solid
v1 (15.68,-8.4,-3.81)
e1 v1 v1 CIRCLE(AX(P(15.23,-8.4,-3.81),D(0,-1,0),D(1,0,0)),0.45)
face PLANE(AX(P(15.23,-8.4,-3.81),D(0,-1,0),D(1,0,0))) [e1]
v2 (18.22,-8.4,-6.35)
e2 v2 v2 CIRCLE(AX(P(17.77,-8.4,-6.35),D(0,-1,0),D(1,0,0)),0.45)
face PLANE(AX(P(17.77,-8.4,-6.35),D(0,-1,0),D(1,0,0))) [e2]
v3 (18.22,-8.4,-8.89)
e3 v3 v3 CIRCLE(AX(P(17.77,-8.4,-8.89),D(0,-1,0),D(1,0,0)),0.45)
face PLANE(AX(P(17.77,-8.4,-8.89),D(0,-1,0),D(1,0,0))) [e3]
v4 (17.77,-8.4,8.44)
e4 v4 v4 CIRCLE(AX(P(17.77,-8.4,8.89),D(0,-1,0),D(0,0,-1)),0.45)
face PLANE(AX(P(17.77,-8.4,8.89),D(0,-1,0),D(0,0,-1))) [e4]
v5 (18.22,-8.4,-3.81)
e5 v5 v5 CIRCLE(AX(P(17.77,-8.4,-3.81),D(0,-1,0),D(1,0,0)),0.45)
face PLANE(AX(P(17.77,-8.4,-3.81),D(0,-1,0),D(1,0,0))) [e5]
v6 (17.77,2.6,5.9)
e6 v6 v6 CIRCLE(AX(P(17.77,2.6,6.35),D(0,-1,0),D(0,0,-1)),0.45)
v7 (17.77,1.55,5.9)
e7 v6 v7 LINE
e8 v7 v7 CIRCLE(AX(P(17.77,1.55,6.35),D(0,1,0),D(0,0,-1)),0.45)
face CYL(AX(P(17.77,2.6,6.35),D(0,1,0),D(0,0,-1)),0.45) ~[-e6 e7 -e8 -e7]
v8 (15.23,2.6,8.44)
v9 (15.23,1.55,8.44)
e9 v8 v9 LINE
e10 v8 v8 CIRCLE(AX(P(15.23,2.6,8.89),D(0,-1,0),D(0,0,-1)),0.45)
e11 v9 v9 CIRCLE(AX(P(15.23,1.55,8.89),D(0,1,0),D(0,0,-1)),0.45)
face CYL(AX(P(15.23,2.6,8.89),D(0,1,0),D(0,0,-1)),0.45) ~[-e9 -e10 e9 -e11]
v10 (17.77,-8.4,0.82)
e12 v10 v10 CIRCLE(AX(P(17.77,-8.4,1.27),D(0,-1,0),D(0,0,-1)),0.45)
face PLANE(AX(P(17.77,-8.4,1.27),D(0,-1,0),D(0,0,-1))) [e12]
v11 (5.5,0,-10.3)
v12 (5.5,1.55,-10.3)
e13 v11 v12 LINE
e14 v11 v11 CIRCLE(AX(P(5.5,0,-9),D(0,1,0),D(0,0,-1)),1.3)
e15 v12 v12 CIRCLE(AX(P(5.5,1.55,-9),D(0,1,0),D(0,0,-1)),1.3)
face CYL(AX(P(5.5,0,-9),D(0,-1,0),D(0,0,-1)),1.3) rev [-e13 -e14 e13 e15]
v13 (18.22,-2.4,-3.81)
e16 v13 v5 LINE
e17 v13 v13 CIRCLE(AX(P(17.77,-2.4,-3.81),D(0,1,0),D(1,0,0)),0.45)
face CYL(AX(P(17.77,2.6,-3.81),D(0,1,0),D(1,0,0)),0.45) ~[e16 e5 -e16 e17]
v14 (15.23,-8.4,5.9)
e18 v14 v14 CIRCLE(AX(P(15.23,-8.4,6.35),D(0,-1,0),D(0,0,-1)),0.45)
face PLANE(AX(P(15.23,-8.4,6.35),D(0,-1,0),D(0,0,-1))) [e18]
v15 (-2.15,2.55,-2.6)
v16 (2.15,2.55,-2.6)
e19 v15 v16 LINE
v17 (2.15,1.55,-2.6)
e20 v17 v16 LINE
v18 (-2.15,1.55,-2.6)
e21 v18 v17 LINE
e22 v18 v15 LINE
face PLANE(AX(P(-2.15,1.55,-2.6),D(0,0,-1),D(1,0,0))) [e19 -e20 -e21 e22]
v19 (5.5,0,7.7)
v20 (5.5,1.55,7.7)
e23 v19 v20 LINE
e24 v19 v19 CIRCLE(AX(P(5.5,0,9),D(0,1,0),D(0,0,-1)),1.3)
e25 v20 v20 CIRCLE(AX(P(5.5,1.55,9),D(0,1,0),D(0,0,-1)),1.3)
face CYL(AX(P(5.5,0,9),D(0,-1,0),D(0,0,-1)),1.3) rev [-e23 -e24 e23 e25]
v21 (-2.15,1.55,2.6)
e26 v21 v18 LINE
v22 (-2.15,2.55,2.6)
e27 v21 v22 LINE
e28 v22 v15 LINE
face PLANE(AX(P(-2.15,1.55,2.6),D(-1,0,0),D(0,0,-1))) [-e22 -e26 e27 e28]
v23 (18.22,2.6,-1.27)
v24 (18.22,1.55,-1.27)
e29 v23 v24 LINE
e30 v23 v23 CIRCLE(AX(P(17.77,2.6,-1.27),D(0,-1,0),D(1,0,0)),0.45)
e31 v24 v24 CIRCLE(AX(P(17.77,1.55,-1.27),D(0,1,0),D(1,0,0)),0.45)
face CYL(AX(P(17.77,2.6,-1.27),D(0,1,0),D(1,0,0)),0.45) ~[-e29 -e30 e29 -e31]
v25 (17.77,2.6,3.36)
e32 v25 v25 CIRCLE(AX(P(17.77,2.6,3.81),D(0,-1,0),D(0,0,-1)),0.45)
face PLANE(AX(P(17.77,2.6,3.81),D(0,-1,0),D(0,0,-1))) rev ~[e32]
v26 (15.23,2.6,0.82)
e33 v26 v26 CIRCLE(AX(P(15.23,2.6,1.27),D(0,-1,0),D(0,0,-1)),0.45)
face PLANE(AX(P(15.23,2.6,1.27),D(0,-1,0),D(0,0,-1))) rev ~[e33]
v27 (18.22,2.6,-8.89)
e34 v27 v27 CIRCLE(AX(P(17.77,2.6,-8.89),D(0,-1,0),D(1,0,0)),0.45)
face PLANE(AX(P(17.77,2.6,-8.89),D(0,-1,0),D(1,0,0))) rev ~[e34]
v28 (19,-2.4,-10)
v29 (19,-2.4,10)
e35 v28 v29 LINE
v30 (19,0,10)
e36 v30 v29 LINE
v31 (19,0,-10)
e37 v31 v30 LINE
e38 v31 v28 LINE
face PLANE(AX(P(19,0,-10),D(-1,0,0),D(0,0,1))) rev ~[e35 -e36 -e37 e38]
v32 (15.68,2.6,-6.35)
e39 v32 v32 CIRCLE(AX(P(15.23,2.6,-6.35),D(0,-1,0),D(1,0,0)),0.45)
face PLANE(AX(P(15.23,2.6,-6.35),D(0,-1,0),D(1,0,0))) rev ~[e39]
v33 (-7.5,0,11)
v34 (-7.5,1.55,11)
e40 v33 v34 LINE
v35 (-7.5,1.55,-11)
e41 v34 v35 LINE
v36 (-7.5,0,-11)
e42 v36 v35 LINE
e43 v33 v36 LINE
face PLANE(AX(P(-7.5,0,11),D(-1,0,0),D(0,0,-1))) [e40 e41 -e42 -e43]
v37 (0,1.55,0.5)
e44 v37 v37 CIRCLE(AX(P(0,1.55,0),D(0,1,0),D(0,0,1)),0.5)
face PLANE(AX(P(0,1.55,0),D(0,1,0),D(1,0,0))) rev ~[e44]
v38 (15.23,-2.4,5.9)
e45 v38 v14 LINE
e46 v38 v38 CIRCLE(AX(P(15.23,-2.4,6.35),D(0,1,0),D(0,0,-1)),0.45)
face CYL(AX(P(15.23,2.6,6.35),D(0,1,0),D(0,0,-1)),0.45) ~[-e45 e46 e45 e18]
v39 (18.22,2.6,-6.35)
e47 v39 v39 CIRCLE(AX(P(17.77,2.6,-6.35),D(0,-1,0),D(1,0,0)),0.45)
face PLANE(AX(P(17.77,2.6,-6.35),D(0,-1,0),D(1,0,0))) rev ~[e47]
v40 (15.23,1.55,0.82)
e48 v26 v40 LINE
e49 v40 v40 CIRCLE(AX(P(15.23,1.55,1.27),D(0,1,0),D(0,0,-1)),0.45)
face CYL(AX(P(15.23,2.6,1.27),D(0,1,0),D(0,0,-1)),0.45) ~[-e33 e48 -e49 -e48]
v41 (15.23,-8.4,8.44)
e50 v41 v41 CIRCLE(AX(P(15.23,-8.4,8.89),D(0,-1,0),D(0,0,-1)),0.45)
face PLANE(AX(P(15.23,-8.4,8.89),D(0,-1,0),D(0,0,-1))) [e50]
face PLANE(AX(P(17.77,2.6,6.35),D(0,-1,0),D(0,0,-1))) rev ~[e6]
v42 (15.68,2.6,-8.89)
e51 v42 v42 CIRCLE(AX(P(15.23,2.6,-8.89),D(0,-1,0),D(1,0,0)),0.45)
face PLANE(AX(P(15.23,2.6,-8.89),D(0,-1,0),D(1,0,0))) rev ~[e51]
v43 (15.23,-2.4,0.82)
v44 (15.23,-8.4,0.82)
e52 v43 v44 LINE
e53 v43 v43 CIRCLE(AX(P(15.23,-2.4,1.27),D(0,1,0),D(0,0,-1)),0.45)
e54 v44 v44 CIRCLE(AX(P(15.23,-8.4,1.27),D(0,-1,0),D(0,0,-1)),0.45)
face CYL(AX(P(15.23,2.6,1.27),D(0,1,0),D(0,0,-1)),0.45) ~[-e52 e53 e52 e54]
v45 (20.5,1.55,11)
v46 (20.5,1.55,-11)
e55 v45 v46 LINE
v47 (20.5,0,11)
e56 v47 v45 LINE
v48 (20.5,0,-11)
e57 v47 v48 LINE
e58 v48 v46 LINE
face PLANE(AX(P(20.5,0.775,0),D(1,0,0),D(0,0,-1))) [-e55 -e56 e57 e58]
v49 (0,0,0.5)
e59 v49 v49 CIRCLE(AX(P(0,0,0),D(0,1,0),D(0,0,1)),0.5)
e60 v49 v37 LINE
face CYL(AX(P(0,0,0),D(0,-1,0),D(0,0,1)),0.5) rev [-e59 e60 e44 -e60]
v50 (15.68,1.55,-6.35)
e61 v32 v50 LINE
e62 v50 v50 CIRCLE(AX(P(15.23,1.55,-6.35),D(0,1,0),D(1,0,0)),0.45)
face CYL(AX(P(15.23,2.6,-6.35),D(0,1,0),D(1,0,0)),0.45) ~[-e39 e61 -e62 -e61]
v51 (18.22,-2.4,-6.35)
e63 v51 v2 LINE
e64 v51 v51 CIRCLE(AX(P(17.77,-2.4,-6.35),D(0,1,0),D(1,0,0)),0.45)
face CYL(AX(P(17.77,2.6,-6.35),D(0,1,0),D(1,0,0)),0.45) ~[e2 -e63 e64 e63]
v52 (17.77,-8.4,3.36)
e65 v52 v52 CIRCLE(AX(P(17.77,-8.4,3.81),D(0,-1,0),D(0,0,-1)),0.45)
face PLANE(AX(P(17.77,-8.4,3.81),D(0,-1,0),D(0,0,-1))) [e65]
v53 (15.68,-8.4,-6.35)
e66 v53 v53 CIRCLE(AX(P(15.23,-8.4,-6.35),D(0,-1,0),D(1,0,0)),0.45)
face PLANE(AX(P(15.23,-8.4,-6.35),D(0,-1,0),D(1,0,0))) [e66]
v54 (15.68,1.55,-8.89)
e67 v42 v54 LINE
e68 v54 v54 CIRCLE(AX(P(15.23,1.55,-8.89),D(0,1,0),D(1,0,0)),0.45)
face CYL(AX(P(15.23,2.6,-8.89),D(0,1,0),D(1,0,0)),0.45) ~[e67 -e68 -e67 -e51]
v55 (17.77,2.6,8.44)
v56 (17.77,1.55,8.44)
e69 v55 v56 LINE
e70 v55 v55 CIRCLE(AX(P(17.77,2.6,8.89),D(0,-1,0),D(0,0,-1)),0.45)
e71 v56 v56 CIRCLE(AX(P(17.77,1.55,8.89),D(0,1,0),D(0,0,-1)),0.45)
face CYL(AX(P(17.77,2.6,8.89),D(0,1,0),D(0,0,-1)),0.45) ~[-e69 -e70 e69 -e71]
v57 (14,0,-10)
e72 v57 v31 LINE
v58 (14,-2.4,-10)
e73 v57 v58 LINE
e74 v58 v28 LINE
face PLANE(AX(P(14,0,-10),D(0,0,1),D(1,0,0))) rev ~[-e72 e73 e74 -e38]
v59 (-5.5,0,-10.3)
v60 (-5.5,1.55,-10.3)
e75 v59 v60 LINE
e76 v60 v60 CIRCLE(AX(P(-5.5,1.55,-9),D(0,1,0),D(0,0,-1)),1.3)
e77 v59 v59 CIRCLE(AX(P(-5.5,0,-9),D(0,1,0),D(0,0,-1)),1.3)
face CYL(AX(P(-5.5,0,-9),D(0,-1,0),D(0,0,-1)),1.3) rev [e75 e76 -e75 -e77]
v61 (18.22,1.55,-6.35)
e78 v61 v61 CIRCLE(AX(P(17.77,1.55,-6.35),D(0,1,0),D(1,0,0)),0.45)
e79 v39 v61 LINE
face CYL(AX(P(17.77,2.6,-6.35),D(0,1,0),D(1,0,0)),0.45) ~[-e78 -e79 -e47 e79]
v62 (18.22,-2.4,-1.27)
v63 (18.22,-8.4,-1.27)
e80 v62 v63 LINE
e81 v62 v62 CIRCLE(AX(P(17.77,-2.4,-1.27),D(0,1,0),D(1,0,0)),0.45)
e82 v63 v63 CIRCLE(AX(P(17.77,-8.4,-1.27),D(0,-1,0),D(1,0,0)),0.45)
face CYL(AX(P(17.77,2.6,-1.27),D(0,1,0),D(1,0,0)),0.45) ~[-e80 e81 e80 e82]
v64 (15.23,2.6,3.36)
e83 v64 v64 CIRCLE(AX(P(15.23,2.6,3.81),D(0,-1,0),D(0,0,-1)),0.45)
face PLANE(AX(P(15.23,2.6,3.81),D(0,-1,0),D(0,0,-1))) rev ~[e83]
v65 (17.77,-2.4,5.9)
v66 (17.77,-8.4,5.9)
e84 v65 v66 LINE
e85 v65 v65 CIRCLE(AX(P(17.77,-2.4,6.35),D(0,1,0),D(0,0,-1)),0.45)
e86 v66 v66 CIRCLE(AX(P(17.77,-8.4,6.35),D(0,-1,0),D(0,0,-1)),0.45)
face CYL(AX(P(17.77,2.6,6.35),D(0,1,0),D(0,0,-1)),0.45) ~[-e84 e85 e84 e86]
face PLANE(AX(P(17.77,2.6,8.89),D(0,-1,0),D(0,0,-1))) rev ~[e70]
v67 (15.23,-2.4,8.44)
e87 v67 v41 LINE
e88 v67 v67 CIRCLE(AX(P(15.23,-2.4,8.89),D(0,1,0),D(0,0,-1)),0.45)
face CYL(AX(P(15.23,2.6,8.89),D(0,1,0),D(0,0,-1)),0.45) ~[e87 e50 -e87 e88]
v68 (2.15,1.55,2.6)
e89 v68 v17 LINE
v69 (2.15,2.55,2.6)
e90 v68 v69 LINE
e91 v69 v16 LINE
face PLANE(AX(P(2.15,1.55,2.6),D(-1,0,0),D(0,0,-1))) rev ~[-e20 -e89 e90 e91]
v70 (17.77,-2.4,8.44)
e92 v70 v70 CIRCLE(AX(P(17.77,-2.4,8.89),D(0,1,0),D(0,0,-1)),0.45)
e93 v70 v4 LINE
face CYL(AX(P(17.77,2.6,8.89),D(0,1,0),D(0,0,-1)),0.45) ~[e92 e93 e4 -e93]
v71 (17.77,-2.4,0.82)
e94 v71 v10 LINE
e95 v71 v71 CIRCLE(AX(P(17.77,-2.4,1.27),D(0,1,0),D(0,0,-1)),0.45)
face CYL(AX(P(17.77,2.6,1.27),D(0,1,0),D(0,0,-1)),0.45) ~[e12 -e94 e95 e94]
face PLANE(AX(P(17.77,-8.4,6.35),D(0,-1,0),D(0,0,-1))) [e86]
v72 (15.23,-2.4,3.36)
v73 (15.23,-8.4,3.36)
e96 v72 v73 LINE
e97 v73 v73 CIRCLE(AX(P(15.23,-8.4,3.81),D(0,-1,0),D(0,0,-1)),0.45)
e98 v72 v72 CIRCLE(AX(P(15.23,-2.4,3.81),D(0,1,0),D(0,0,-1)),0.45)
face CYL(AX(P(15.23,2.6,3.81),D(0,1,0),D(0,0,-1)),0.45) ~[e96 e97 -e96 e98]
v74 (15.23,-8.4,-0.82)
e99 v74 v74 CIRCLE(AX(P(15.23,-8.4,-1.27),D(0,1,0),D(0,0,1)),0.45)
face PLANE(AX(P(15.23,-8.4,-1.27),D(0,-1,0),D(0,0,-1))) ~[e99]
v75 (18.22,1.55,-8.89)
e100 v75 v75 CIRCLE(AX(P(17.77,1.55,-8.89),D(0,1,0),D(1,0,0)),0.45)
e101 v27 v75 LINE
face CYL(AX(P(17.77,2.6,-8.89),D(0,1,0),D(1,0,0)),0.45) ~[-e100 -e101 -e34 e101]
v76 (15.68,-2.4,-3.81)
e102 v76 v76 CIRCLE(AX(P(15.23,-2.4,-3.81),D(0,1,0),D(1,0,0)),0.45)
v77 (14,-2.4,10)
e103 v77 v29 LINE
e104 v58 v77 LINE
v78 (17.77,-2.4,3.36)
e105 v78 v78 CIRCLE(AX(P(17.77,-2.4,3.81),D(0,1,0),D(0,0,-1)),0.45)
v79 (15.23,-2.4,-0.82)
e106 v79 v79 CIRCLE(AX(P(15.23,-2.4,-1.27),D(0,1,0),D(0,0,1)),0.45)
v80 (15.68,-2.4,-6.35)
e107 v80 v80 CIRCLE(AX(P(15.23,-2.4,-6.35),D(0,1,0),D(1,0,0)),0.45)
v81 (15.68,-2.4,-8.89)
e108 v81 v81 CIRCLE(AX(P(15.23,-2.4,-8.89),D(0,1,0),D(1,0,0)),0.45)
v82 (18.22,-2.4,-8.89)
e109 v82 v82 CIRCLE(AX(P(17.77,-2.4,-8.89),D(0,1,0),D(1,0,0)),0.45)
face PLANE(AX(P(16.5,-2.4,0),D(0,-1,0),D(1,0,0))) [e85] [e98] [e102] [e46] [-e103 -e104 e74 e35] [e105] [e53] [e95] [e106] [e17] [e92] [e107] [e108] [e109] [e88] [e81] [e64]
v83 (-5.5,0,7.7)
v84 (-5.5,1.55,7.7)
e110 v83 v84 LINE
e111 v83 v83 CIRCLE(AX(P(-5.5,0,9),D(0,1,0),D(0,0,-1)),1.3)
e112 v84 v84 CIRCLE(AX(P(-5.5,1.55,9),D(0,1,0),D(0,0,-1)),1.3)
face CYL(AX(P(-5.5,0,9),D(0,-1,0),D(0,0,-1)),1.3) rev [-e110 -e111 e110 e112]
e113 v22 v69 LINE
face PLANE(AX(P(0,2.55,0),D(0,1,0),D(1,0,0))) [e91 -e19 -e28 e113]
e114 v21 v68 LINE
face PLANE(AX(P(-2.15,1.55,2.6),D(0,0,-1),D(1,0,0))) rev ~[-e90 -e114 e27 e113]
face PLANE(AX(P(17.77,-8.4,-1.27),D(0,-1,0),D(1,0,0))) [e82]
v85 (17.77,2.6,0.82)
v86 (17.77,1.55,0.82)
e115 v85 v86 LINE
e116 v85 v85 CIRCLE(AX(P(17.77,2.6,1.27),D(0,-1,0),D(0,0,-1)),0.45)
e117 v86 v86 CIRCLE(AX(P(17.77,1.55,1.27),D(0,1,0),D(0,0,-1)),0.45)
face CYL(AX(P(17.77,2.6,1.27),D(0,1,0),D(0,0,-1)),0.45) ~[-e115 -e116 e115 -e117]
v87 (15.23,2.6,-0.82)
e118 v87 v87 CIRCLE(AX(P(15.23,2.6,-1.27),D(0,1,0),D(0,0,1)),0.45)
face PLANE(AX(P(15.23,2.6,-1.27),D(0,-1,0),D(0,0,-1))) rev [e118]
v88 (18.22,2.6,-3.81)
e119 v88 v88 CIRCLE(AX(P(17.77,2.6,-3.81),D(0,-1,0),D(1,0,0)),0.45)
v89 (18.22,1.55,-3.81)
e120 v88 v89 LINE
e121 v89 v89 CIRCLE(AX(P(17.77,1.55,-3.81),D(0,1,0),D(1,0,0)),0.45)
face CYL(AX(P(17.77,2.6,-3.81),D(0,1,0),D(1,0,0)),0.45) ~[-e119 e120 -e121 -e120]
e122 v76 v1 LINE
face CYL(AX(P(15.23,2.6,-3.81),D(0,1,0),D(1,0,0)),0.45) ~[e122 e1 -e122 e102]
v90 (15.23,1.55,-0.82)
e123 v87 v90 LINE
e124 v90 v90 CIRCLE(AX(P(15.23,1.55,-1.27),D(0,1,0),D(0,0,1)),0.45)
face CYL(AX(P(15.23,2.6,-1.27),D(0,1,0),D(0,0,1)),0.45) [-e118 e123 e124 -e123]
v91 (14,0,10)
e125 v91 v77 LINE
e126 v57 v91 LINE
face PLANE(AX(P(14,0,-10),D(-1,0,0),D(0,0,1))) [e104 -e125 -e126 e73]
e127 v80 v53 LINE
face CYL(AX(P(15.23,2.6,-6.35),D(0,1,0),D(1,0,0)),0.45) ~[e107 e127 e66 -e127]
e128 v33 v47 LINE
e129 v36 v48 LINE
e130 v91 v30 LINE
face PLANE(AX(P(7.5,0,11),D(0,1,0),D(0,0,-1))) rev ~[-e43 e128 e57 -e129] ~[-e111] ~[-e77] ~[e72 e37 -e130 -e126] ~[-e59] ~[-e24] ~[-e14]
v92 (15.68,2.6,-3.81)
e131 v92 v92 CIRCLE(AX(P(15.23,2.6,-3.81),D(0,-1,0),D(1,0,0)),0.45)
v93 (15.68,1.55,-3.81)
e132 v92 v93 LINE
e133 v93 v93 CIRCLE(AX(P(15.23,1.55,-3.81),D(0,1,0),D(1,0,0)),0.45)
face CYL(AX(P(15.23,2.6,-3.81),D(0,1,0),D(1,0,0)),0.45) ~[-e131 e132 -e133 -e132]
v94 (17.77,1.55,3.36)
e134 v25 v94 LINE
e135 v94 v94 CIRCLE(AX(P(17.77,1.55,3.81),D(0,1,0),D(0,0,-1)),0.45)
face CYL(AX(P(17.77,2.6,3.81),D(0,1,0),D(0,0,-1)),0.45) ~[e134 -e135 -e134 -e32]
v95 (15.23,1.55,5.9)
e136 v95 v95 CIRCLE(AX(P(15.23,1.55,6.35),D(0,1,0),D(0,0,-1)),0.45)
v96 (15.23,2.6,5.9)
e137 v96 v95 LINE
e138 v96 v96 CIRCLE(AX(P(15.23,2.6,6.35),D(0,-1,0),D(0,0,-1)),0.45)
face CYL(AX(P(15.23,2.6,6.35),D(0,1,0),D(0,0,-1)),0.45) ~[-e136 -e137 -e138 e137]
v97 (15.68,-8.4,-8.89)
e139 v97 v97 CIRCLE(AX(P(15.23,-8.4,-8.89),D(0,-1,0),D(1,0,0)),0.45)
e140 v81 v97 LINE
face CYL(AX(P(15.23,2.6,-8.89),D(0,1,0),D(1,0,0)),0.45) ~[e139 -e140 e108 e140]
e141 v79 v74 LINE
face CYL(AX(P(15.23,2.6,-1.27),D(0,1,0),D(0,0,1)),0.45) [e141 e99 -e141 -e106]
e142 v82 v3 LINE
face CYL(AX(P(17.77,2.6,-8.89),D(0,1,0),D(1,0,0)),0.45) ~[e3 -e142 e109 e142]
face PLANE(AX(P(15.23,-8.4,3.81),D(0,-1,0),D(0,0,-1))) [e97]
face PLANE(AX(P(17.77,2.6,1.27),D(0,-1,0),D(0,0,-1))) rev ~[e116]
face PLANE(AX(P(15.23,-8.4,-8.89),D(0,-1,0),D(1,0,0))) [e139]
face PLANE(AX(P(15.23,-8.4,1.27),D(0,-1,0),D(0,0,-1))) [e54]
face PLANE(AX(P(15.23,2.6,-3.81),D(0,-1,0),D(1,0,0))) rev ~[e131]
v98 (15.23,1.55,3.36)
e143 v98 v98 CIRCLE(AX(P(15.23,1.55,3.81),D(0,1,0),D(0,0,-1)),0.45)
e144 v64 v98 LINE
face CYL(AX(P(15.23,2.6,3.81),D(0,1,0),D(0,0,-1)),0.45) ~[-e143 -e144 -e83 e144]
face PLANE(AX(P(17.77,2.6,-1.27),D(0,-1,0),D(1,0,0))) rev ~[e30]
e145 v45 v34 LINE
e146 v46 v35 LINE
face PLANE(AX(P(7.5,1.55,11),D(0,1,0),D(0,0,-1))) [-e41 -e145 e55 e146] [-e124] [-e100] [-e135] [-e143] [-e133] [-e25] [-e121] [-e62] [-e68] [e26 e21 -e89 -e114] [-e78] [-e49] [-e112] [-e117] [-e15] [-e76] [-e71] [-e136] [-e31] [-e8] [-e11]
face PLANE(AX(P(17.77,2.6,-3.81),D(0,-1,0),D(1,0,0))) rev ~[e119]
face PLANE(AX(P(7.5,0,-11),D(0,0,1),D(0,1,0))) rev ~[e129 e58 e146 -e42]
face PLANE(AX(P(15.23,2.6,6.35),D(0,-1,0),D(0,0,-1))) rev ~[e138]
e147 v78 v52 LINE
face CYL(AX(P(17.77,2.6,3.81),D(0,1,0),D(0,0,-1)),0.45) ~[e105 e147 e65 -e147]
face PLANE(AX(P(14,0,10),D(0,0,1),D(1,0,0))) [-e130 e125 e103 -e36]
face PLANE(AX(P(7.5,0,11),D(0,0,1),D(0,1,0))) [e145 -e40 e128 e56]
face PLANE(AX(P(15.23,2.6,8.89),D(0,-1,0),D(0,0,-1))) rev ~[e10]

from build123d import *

# Parameters (mm, degrees)
SKETCH1_W               = 15
SKETCH1_H               = 22
SKETCH1_R               = 1.3
SKETCH1_R_2             = 0.5
BOSS_EXTRUDE1_DEPTH     = 1.55
SKETCH2_W               = 4.3
SKETCH2_H               = 5.2
BOSS_EXTRUDE2_DEPTH     = 1
SKETCH4_W               = 22
SKETCH4_H               = 1.55
BOSS_EXTRUDE3_DEPTH     = 13
SKETCH6_W               = 5
SKETCH6_H               = 20
BOSS_EXTRUDE4_DEPTH     = 2.4
BOSS_EXTRUDE5_START     = -5
SKETCH7_R               = 0.45
BOSS_EXTRUDE5_DEPTH     = 11
LPATTERN1_COUNT         = 4
LPATTERN1_PITCH         = 2.54
LPATTERN1_COUNT_DIR2    = 2
LPATTERN1_PITCH_DIR2    = 2.54
MIRROR1_START           = -5
MIRROR1_COPY_1_SKETCH_R = 0.45
MIRROR1_COPY_1_DEPTH    = 11
MIRROR1_COPY_2_SKETCH_R = 0.45
MIRROR1_COPY_2_DEPTH    = 11
MIRROR1_COPY_3_SKETCH_R = 0.45
MIRROR1_COPY_3_DEPTH    = 11
MIRROR1_COPY_4_SKETCH_R = 0.45
MIRROR1_COPY_4_DEPTH    = 11
MIRROR1_COPY_5_SKETCH_R = 0.45
MIRROR1_COPY_5_DEPTH    = 11
MIRROR1_COPY_6_SKETCH_R = 0.45
MIRROR1_COPY_6_DEPTH    = 11
MIRROR1_COPY_7_SKETCH_R = 0.45
MIRROR1_COPY_7_DEPTH    = 11


with BuildPart() as part:
    # Sketch1 → Boss-Extrude1 (new body)
    with BuildSketch(Plane(origin=(0, 0, 0), x_dir=(1, 0, 0), z_dir=(0, 1, 0))):
        Rectangle(SKETCH1_W, SKETCH1_H)
        with Locations(Location((-5.5, 9, 0), (0, 0, 90))):
            Circle(SKETCH1_R, mode=Mode.SUBTRACT)
        with Locations(Location((5.5, 9, 0), (0, 0, 90))):
            Circle(SKETCH1_R, mode=Mode.SUBTRACT)
        with Locations(Location((5.5, -9, 0), (0, 0, 90))):
            Circle(SKETCH1_R, mode=Mode.SUBTRACT)
        with Locations(Location((-5.5, -9, 0), (0, 0, 90))):
            Circle(SKETCH1_R, mode=Mode.SUBTRACT)
        with Locations(Location((0, 0, 0), (0, 0, 270))):
            Circle(SKETCH1_R_2, mode=Mode.SUBTRACT)
    extrude(amount=BOSS_EXTRUDE1_DEPTH)

    # Sketch2 → Boss-Extrude2 (add)
    with BuildSketch(Plane(origin=(0, 1.55, 0), x_dir=(1, 0, 0), z_dir=(0, 1, 0))):
        Rectangle(SKETCH2_W, SKETCH2_H)
    extrude(amount=BOSS_EXTRUDE2_DEPTH)

    # Sketch4 → Boss-Extrude3 (add)
    with BuildSketch(Plane(origin=(7.5, 0, 0), x_dir=(0, 0, -1), z_dir=(1, 0, 0))):
        with Locations((0, 0.775)):
            Rectangle(SKETCH4_W, SKETCH4_H)
    extrude(amount=BOSS_EXTRUDE3_DEPTH)

    # Sketch6 → Boss-Extrude4 (add)
    with BuildSketch(Plane.XZ):
        with Locations((16.5, 0)):
            Rectangle(SKETCH6_W, SKETCH6_H)
    extrude(amount=BOSS_EXTRUDE4_DEPTH)

    # Sketch7 → Boss-Extrude5 (add)
    with BuildSketch(Plane.XZ.offset(2.4).offset(BOSS_EXTRUDE5_START)):
        with Locations(Location((15.23, 1.27, 0), (0, 0, 270))):
            Circle(SKETCH7_R)
    boss_extrude5 = extrude(amount=BOSS_EXTRUDE5_DEPTH)

    # LPattern1: Boss-Extrude5 4 × 2
    with Locations(*[(j * LPATTERN1_PITCH_DIR2, 0, i * LPATTERN1_PITCH) for i in range(LPATTERN1_COUNT) for j in range(LPATTERN1_COUNT_DIR2) if (i, j) != (0, 0)]):
        add(boss_extrude5)

    # Mirror1: Boss-Extrude5 across plane
    add(boss_extrude5.mirror(Plane.XY))

    # Mirror1 copy 1 sketch → Mirror1 copy 1 (add)
    with BuildSketch(Plane(origin=(2.54, -2.4, 0), x_dir=(1, 0, 0), z_dir=(0, -1, 0)).offset(MIRROR1_START)):
        with Locations((15.23, -1.27)):
            Circle(MIRROR1_COPY_1_SKETCH_R)
    extrude(amount=MIRROR1_COPY_1_DEPTH)

    # Mirror1 copy 2 sketch → Mirror1 copy 2 (add)
    with BuildSketch(Plane(origin=(0, -2.4, -2.54), x_dir=(1, 0, 0), z_dir=(0, -1, 0)).offset(MIRROR1_START)):
        with Locations((15.23, -1.27)):
            Circle(MIRROR1_COPY_2_SKETCH_R)
    extrude(amount=MIRROR1_COPY_2_DEPTH)

    # Mirror1 copy 3 sketch → Mirror1 copy 3 (add)
    with BuildSketch(Plane(origin=(2.54, -2.4, -2.54), x_dir=(1, 0, 0), z_dir=(0, -1, 0)).offset(MIRROR1_START)):
        with Locations((15.23, -1.27)):
            Circle(MIRROR1_COPY_3_SKETCH_R)
    extrude(amount=MIRROR1_COPY_3_DEPTH)

    # Mirror1 copy 4 sketch → Mirror1 copy 4 (add)
    with BuildSketch(Plane(origin=(0, -2.4, -5.08), x_dir=(1, 0, 0), z_dir=(0, -1, 0)).offset(MIRROR1_START)):
        with Locations((15.23, -1.27)):
            Circle(MIRROR1_COPY_4_SKETCH_R)
    extrude(amount=MIRROR1_COPY_4_DEPTH)

    # Mirror1 copy 5 sketch → Mirror1 copy 5 (add)
    with BuildSketch(Plane(origin=(2.54, -2.4, -5.08), x_dir=(1, 0, 0), z_dir=(0, -1, 0)).offset(MIRROR1_START)):
        with Locations((15.23, -1.27)):
            Circle(MIRROR1_COPY_5_SKETCH_R)
    extrude(amount=MIRROR1_COPY_5_DEPTH)

    # Mirror1 copy 6 sketch → Mirror1 copy 6 (add)
    with BuildSketch(Plane(origin=(0, -2.4, -7.62), x_dir=(1, 0, 0), z_dir=(0, -1, 0)).offset(MIRROR1_START)):
        with Locations((15.23, -1.27)):
            Circle(MIRROR1_COPY_6_SKETCH_R)
    extrude(amount=MIRROR1_COPY_6_DEPTH)

    # Mirror1 copy 7 sketch → Mirror1 copy 7 (add)
    with BuildSketch(Plane(origin=(2.54, -2.4, -7.62), x_dir=(1, 0, 0), z_dir=(0, -1, 0)).offset(MIRROR1_START)):
        with Locations((15.23, -1.27)):
            Circle(MIRROR1_COPY_7_SKETCH_R)
    extrude(amount=MIRROR1_COPY_7_DEPTH)


solid = part.part
